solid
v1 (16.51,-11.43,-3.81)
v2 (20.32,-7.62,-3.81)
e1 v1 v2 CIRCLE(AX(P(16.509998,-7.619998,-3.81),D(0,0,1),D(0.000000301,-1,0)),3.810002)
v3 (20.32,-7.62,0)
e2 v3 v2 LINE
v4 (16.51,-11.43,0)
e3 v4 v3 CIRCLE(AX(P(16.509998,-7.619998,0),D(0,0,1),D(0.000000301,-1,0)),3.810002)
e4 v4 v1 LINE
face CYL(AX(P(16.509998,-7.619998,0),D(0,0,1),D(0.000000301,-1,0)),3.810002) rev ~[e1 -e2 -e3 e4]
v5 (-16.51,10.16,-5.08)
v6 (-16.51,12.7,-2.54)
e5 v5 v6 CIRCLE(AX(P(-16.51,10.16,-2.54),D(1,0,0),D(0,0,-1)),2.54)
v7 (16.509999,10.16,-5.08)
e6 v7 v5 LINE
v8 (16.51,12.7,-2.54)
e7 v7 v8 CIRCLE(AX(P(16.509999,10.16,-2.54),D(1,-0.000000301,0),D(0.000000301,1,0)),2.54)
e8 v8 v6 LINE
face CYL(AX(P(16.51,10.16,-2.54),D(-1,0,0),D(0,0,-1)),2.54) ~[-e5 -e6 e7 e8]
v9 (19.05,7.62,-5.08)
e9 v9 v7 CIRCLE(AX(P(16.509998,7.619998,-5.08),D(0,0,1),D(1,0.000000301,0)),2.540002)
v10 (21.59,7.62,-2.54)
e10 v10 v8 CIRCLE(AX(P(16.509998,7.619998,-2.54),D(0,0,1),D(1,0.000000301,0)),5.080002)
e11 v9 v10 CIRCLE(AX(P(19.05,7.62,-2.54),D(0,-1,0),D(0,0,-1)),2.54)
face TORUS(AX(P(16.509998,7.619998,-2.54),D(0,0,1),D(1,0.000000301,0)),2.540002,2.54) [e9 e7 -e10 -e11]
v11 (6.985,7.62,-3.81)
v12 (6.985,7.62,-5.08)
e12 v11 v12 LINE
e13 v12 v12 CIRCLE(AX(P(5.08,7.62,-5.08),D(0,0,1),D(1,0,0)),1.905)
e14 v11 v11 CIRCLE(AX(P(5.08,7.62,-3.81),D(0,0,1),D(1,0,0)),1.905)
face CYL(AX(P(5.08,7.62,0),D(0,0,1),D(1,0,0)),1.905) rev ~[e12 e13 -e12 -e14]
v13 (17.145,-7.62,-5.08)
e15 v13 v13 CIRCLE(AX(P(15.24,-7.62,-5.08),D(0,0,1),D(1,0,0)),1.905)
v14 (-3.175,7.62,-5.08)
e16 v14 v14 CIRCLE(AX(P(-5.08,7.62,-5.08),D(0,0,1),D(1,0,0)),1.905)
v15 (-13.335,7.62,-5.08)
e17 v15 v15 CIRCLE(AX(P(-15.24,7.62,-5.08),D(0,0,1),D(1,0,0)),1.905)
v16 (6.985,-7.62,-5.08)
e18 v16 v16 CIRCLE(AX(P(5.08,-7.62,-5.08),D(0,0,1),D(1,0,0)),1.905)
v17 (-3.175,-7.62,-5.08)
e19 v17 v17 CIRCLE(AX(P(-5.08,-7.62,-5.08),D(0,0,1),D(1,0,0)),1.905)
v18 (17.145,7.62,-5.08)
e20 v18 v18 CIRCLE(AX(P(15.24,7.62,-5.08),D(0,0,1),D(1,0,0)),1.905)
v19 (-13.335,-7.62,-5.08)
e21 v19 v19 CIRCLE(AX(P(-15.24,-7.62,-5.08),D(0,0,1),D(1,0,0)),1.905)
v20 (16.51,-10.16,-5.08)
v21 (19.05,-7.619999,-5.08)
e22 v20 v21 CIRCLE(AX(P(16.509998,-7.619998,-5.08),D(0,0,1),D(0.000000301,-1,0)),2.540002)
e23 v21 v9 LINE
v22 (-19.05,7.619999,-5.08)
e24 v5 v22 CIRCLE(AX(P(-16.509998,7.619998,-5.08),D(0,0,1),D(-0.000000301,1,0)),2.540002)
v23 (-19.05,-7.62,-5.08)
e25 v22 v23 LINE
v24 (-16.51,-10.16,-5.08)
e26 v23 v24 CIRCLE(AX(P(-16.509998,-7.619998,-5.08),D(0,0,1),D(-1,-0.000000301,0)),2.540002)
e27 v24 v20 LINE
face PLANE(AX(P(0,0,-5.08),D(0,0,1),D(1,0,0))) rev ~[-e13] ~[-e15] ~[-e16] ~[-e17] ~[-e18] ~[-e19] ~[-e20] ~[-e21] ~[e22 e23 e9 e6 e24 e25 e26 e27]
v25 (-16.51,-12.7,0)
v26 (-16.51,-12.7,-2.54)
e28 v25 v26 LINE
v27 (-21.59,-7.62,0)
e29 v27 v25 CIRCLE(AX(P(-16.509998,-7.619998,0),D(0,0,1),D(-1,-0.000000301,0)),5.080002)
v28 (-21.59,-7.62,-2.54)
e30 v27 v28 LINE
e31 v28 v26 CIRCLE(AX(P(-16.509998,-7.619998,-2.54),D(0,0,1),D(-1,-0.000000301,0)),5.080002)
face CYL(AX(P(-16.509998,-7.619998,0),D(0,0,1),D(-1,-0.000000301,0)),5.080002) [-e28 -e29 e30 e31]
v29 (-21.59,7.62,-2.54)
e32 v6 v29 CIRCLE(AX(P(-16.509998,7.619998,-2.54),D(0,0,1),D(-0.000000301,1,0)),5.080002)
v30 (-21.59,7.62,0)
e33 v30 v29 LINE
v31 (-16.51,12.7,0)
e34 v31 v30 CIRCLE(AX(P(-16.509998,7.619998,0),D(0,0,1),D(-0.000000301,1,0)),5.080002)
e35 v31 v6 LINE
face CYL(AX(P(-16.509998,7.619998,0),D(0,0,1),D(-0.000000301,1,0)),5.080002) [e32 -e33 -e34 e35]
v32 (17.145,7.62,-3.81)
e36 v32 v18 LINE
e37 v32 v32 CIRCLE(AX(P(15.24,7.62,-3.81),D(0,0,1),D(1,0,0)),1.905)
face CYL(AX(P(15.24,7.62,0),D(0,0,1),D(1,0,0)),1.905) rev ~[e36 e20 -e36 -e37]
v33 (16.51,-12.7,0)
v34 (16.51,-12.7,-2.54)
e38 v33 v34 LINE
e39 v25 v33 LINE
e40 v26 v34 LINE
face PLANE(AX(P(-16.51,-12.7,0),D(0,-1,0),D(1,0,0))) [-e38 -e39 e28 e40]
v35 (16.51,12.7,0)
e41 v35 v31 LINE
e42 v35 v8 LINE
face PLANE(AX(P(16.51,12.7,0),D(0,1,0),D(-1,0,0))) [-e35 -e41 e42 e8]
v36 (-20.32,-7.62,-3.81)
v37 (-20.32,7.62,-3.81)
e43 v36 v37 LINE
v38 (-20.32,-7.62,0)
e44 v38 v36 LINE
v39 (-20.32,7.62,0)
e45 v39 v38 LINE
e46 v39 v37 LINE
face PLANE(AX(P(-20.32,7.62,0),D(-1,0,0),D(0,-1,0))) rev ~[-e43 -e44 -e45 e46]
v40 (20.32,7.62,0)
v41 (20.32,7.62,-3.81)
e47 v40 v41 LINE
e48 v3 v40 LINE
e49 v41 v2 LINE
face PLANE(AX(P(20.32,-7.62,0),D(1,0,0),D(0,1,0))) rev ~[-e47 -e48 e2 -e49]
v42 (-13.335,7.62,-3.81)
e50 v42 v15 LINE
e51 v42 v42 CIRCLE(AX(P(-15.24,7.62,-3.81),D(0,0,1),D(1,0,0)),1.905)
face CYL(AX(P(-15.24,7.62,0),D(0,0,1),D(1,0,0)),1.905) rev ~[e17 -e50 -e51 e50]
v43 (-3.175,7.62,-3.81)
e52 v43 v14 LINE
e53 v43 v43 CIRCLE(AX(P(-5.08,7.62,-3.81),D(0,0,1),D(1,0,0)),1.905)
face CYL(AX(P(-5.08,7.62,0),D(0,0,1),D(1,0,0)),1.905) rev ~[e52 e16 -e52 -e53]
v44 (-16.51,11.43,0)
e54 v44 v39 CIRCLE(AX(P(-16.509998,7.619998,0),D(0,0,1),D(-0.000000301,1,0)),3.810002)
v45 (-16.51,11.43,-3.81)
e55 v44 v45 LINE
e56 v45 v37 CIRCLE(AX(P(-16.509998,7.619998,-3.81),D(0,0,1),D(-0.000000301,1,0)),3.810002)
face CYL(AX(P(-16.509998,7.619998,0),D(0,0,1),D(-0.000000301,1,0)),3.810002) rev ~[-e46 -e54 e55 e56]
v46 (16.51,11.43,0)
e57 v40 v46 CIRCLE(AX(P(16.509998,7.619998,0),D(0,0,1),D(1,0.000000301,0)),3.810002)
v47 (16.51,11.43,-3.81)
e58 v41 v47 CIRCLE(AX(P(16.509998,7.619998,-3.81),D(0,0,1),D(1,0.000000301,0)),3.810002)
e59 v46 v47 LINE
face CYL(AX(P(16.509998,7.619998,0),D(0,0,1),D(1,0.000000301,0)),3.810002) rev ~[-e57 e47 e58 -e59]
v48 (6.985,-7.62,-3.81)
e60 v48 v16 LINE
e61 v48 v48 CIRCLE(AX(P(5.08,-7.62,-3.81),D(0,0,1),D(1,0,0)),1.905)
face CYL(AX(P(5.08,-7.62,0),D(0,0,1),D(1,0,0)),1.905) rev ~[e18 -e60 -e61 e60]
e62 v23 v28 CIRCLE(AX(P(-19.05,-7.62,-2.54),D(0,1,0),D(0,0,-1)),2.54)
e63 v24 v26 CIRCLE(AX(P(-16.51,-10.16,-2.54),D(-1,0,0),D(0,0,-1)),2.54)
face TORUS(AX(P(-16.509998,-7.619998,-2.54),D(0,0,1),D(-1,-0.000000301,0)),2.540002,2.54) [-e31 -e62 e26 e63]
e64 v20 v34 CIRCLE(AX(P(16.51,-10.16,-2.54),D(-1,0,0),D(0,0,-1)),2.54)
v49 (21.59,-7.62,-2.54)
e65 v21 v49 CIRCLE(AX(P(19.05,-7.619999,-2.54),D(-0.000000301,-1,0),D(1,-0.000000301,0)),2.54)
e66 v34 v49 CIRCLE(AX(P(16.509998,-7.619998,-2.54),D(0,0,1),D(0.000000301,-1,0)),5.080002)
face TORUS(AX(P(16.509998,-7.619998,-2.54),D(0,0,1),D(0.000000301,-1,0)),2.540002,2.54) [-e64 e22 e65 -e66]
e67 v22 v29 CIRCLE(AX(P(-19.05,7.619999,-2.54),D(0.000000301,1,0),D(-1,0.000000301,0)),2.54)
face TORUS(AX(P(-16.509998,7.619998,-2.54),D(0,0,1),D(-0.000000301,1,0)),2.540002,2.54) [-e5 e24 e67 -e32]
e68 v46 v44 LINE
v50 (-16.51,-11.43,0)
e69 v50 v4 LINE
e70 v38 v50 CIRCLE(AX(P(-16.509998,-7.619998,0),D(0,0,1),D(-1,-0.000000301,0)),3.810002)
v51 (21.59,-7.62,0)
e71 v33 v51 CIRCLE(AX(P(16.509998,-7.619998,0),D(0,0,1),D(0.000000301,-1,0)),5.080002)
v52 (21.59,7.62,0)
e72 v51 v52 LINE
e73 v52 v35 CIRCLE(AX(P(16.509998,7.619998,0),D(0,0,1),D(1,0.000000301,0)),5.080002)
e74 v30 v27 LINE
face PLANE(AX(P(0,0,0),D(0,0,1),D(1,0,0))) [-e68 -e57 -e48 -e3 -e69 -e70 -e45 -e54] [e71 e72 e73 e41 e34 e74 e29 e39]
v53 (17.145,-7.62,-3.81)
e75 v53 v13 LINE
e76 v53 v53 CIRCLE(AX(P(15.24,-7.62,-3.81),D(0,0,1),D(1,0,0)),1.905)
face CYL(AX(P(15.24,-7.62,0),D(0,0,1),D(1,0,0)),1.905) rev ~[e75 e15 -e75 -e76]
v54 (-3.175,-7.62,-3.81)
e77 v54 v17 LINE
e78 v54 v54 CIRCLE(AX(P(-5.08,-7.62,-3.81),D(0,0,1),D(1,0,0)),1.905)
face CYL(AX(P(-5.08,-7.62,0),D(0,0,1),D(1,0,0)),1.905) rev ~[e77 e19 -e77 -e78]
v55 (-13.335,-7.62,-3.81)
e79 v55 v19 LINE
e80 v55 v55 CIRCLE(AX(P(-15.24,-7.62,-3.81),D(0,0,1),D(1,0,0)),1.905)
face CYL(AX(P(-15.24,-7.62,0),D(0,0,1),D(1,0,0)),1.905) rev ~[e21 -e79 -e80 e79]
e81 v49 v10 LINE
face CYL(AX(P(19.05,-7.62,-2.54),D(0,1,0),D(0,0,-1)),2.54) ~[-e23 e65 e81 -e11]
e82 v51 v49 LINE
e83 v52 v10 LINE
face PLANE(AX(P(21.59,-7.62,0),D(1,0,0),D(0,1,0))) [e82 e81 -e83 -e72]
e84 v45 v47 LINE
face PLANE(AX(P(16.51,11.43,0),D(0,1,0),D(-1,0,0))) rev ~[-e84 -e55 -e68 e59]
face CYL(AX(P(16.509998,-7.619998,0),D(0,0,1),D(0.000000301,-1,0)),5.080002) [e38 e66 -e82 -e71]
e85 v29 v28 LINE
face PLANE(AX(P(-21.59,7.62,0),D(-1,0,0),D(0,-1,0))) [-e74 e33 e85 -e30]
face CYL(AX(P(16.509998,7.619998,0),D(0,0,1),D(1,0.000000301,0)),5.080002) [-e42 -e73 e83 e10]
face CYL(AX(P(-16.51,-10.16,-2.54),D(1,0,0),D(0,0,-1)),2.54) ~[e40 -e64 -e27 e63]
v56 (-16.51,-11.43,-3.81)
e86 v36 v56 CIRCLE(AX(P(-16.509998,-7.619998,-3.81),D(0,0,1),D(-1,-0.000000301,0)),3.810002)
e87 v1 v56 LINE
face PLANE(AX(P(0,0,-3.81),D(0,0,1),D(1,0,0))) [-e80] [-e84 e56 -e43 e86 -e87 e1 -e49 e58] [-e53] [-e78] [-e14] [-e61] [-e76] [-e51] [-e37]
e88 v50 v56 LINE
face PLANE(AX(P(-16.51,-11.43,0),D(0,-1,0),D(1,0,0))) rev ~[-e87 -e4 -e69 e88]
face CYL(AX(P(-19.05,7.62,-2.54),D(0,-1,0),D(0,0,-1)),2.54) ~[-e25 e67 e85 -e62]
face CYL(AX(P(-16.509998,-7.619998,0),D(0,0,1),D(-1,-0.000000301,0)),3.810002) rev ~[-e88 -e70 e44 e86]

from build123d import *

# Parameters (mm, degrees)
F4_DEPTH = 5.08
F5_T     = -1.27
F3_R     = 1.524
F6_DEPTH = 25.4
F7_R     = 1.905
F8_DEPTH = 9.906
F9_R     = 2.54


with BuildPart() as f4:
    # F1 (on Top) → F4 (new body)
    with BuildSketch(Plane.XY):
        with BuildLine():
            ThreePointArc((21.59, 7.62), (20.102102, 11.212102), (16.51, 12.7))
            Line((16.51, 12.7), (-16.51, 12.7))
            ThreePointArc((-16.51, 12.7), (-20.102102, 11.212102), (-21.59, 7.62))
            Line((-21.59, 7.62), (-21.59, -7.62))
            ThreePointArc((-21.59, -7.62), (-20.102102, -11.212102), (-16.51, -12.7))
            Line((-16.51, -12.7), (16.51, -12.7))
            ThreePointArc((16.51, -12.7), (20.102102, -11.212102), (21.59, -7.62))
            Line((21.59, -7.62), (21.59, 7.62))
        make_face()
    extrude(amount=-F4_DEPTH)

    # F5
    f5_openings = [f4.faces().sort_by_distance(p)[0] for p in [
        (0, 0, 0),
    ]]
    offset(amount=F5_T, openings=f5_openings)

    # F3 (on offset) → F6 (cut)
    with BuildSketch(Plane.XY.offset(-7.62)):
        with Locations((15.24, -7.62)):
            Circle(F3_R)
        with Locations((15.24, 7.62)):
            Circle(F3_R)
        with Locations((5.08, -7.62)):
            Circle(F3_R)
        with Locations((-5.08, -7.62)):
            Circle(F3_R)
        with Locations((-15.24, -7.62)):
            Circle(F3_R)
        with Locations((5.08, 7.62)):
            Circle(F3_R)
        with Locations((-5.08, 7.62)):
            Circle(F3_R)
        with Locations((-15.24, 7.62)):
            Circle(F3_R)
    extrude(amount=-F6_DEPTH, mode=Mode.SUBTRACT)

    # F7 (on face) → F8 (cut)
    with BuildSketch(Plane.XY):
        with Locations((15.24, -7.62)):
            Circle(F7_R)
        with Locations((5.08, -7.62)):
            Circle(F7_R)
        with Locations((-5.08, -7.62)):
            Circle(F7_R)
        with Locations((-15.24, -7.62)):
            Circle(F7_R)
        with Locations((15.24, 7.62)):
            Circle(F7_R)
        with Locations((5.08, 7.62)):
            Circle(F7_R)
        with Locations((-5.08, 7.62)):
            Circle(F7_R)
        with Locations((-15.24, 7.62)):
            Circle(F7_R)
    extrude(amount=-F8_DEPTH, mode=Mode.SUBTRACT)

    # F9
    f9_edges = [f4.edges().sort_by_distance(p)[0] for p in [
        (0, -12.7, -5.08),
    ]]
    fillet(f9_edges, radius=F9_R)


solid = f4.part
